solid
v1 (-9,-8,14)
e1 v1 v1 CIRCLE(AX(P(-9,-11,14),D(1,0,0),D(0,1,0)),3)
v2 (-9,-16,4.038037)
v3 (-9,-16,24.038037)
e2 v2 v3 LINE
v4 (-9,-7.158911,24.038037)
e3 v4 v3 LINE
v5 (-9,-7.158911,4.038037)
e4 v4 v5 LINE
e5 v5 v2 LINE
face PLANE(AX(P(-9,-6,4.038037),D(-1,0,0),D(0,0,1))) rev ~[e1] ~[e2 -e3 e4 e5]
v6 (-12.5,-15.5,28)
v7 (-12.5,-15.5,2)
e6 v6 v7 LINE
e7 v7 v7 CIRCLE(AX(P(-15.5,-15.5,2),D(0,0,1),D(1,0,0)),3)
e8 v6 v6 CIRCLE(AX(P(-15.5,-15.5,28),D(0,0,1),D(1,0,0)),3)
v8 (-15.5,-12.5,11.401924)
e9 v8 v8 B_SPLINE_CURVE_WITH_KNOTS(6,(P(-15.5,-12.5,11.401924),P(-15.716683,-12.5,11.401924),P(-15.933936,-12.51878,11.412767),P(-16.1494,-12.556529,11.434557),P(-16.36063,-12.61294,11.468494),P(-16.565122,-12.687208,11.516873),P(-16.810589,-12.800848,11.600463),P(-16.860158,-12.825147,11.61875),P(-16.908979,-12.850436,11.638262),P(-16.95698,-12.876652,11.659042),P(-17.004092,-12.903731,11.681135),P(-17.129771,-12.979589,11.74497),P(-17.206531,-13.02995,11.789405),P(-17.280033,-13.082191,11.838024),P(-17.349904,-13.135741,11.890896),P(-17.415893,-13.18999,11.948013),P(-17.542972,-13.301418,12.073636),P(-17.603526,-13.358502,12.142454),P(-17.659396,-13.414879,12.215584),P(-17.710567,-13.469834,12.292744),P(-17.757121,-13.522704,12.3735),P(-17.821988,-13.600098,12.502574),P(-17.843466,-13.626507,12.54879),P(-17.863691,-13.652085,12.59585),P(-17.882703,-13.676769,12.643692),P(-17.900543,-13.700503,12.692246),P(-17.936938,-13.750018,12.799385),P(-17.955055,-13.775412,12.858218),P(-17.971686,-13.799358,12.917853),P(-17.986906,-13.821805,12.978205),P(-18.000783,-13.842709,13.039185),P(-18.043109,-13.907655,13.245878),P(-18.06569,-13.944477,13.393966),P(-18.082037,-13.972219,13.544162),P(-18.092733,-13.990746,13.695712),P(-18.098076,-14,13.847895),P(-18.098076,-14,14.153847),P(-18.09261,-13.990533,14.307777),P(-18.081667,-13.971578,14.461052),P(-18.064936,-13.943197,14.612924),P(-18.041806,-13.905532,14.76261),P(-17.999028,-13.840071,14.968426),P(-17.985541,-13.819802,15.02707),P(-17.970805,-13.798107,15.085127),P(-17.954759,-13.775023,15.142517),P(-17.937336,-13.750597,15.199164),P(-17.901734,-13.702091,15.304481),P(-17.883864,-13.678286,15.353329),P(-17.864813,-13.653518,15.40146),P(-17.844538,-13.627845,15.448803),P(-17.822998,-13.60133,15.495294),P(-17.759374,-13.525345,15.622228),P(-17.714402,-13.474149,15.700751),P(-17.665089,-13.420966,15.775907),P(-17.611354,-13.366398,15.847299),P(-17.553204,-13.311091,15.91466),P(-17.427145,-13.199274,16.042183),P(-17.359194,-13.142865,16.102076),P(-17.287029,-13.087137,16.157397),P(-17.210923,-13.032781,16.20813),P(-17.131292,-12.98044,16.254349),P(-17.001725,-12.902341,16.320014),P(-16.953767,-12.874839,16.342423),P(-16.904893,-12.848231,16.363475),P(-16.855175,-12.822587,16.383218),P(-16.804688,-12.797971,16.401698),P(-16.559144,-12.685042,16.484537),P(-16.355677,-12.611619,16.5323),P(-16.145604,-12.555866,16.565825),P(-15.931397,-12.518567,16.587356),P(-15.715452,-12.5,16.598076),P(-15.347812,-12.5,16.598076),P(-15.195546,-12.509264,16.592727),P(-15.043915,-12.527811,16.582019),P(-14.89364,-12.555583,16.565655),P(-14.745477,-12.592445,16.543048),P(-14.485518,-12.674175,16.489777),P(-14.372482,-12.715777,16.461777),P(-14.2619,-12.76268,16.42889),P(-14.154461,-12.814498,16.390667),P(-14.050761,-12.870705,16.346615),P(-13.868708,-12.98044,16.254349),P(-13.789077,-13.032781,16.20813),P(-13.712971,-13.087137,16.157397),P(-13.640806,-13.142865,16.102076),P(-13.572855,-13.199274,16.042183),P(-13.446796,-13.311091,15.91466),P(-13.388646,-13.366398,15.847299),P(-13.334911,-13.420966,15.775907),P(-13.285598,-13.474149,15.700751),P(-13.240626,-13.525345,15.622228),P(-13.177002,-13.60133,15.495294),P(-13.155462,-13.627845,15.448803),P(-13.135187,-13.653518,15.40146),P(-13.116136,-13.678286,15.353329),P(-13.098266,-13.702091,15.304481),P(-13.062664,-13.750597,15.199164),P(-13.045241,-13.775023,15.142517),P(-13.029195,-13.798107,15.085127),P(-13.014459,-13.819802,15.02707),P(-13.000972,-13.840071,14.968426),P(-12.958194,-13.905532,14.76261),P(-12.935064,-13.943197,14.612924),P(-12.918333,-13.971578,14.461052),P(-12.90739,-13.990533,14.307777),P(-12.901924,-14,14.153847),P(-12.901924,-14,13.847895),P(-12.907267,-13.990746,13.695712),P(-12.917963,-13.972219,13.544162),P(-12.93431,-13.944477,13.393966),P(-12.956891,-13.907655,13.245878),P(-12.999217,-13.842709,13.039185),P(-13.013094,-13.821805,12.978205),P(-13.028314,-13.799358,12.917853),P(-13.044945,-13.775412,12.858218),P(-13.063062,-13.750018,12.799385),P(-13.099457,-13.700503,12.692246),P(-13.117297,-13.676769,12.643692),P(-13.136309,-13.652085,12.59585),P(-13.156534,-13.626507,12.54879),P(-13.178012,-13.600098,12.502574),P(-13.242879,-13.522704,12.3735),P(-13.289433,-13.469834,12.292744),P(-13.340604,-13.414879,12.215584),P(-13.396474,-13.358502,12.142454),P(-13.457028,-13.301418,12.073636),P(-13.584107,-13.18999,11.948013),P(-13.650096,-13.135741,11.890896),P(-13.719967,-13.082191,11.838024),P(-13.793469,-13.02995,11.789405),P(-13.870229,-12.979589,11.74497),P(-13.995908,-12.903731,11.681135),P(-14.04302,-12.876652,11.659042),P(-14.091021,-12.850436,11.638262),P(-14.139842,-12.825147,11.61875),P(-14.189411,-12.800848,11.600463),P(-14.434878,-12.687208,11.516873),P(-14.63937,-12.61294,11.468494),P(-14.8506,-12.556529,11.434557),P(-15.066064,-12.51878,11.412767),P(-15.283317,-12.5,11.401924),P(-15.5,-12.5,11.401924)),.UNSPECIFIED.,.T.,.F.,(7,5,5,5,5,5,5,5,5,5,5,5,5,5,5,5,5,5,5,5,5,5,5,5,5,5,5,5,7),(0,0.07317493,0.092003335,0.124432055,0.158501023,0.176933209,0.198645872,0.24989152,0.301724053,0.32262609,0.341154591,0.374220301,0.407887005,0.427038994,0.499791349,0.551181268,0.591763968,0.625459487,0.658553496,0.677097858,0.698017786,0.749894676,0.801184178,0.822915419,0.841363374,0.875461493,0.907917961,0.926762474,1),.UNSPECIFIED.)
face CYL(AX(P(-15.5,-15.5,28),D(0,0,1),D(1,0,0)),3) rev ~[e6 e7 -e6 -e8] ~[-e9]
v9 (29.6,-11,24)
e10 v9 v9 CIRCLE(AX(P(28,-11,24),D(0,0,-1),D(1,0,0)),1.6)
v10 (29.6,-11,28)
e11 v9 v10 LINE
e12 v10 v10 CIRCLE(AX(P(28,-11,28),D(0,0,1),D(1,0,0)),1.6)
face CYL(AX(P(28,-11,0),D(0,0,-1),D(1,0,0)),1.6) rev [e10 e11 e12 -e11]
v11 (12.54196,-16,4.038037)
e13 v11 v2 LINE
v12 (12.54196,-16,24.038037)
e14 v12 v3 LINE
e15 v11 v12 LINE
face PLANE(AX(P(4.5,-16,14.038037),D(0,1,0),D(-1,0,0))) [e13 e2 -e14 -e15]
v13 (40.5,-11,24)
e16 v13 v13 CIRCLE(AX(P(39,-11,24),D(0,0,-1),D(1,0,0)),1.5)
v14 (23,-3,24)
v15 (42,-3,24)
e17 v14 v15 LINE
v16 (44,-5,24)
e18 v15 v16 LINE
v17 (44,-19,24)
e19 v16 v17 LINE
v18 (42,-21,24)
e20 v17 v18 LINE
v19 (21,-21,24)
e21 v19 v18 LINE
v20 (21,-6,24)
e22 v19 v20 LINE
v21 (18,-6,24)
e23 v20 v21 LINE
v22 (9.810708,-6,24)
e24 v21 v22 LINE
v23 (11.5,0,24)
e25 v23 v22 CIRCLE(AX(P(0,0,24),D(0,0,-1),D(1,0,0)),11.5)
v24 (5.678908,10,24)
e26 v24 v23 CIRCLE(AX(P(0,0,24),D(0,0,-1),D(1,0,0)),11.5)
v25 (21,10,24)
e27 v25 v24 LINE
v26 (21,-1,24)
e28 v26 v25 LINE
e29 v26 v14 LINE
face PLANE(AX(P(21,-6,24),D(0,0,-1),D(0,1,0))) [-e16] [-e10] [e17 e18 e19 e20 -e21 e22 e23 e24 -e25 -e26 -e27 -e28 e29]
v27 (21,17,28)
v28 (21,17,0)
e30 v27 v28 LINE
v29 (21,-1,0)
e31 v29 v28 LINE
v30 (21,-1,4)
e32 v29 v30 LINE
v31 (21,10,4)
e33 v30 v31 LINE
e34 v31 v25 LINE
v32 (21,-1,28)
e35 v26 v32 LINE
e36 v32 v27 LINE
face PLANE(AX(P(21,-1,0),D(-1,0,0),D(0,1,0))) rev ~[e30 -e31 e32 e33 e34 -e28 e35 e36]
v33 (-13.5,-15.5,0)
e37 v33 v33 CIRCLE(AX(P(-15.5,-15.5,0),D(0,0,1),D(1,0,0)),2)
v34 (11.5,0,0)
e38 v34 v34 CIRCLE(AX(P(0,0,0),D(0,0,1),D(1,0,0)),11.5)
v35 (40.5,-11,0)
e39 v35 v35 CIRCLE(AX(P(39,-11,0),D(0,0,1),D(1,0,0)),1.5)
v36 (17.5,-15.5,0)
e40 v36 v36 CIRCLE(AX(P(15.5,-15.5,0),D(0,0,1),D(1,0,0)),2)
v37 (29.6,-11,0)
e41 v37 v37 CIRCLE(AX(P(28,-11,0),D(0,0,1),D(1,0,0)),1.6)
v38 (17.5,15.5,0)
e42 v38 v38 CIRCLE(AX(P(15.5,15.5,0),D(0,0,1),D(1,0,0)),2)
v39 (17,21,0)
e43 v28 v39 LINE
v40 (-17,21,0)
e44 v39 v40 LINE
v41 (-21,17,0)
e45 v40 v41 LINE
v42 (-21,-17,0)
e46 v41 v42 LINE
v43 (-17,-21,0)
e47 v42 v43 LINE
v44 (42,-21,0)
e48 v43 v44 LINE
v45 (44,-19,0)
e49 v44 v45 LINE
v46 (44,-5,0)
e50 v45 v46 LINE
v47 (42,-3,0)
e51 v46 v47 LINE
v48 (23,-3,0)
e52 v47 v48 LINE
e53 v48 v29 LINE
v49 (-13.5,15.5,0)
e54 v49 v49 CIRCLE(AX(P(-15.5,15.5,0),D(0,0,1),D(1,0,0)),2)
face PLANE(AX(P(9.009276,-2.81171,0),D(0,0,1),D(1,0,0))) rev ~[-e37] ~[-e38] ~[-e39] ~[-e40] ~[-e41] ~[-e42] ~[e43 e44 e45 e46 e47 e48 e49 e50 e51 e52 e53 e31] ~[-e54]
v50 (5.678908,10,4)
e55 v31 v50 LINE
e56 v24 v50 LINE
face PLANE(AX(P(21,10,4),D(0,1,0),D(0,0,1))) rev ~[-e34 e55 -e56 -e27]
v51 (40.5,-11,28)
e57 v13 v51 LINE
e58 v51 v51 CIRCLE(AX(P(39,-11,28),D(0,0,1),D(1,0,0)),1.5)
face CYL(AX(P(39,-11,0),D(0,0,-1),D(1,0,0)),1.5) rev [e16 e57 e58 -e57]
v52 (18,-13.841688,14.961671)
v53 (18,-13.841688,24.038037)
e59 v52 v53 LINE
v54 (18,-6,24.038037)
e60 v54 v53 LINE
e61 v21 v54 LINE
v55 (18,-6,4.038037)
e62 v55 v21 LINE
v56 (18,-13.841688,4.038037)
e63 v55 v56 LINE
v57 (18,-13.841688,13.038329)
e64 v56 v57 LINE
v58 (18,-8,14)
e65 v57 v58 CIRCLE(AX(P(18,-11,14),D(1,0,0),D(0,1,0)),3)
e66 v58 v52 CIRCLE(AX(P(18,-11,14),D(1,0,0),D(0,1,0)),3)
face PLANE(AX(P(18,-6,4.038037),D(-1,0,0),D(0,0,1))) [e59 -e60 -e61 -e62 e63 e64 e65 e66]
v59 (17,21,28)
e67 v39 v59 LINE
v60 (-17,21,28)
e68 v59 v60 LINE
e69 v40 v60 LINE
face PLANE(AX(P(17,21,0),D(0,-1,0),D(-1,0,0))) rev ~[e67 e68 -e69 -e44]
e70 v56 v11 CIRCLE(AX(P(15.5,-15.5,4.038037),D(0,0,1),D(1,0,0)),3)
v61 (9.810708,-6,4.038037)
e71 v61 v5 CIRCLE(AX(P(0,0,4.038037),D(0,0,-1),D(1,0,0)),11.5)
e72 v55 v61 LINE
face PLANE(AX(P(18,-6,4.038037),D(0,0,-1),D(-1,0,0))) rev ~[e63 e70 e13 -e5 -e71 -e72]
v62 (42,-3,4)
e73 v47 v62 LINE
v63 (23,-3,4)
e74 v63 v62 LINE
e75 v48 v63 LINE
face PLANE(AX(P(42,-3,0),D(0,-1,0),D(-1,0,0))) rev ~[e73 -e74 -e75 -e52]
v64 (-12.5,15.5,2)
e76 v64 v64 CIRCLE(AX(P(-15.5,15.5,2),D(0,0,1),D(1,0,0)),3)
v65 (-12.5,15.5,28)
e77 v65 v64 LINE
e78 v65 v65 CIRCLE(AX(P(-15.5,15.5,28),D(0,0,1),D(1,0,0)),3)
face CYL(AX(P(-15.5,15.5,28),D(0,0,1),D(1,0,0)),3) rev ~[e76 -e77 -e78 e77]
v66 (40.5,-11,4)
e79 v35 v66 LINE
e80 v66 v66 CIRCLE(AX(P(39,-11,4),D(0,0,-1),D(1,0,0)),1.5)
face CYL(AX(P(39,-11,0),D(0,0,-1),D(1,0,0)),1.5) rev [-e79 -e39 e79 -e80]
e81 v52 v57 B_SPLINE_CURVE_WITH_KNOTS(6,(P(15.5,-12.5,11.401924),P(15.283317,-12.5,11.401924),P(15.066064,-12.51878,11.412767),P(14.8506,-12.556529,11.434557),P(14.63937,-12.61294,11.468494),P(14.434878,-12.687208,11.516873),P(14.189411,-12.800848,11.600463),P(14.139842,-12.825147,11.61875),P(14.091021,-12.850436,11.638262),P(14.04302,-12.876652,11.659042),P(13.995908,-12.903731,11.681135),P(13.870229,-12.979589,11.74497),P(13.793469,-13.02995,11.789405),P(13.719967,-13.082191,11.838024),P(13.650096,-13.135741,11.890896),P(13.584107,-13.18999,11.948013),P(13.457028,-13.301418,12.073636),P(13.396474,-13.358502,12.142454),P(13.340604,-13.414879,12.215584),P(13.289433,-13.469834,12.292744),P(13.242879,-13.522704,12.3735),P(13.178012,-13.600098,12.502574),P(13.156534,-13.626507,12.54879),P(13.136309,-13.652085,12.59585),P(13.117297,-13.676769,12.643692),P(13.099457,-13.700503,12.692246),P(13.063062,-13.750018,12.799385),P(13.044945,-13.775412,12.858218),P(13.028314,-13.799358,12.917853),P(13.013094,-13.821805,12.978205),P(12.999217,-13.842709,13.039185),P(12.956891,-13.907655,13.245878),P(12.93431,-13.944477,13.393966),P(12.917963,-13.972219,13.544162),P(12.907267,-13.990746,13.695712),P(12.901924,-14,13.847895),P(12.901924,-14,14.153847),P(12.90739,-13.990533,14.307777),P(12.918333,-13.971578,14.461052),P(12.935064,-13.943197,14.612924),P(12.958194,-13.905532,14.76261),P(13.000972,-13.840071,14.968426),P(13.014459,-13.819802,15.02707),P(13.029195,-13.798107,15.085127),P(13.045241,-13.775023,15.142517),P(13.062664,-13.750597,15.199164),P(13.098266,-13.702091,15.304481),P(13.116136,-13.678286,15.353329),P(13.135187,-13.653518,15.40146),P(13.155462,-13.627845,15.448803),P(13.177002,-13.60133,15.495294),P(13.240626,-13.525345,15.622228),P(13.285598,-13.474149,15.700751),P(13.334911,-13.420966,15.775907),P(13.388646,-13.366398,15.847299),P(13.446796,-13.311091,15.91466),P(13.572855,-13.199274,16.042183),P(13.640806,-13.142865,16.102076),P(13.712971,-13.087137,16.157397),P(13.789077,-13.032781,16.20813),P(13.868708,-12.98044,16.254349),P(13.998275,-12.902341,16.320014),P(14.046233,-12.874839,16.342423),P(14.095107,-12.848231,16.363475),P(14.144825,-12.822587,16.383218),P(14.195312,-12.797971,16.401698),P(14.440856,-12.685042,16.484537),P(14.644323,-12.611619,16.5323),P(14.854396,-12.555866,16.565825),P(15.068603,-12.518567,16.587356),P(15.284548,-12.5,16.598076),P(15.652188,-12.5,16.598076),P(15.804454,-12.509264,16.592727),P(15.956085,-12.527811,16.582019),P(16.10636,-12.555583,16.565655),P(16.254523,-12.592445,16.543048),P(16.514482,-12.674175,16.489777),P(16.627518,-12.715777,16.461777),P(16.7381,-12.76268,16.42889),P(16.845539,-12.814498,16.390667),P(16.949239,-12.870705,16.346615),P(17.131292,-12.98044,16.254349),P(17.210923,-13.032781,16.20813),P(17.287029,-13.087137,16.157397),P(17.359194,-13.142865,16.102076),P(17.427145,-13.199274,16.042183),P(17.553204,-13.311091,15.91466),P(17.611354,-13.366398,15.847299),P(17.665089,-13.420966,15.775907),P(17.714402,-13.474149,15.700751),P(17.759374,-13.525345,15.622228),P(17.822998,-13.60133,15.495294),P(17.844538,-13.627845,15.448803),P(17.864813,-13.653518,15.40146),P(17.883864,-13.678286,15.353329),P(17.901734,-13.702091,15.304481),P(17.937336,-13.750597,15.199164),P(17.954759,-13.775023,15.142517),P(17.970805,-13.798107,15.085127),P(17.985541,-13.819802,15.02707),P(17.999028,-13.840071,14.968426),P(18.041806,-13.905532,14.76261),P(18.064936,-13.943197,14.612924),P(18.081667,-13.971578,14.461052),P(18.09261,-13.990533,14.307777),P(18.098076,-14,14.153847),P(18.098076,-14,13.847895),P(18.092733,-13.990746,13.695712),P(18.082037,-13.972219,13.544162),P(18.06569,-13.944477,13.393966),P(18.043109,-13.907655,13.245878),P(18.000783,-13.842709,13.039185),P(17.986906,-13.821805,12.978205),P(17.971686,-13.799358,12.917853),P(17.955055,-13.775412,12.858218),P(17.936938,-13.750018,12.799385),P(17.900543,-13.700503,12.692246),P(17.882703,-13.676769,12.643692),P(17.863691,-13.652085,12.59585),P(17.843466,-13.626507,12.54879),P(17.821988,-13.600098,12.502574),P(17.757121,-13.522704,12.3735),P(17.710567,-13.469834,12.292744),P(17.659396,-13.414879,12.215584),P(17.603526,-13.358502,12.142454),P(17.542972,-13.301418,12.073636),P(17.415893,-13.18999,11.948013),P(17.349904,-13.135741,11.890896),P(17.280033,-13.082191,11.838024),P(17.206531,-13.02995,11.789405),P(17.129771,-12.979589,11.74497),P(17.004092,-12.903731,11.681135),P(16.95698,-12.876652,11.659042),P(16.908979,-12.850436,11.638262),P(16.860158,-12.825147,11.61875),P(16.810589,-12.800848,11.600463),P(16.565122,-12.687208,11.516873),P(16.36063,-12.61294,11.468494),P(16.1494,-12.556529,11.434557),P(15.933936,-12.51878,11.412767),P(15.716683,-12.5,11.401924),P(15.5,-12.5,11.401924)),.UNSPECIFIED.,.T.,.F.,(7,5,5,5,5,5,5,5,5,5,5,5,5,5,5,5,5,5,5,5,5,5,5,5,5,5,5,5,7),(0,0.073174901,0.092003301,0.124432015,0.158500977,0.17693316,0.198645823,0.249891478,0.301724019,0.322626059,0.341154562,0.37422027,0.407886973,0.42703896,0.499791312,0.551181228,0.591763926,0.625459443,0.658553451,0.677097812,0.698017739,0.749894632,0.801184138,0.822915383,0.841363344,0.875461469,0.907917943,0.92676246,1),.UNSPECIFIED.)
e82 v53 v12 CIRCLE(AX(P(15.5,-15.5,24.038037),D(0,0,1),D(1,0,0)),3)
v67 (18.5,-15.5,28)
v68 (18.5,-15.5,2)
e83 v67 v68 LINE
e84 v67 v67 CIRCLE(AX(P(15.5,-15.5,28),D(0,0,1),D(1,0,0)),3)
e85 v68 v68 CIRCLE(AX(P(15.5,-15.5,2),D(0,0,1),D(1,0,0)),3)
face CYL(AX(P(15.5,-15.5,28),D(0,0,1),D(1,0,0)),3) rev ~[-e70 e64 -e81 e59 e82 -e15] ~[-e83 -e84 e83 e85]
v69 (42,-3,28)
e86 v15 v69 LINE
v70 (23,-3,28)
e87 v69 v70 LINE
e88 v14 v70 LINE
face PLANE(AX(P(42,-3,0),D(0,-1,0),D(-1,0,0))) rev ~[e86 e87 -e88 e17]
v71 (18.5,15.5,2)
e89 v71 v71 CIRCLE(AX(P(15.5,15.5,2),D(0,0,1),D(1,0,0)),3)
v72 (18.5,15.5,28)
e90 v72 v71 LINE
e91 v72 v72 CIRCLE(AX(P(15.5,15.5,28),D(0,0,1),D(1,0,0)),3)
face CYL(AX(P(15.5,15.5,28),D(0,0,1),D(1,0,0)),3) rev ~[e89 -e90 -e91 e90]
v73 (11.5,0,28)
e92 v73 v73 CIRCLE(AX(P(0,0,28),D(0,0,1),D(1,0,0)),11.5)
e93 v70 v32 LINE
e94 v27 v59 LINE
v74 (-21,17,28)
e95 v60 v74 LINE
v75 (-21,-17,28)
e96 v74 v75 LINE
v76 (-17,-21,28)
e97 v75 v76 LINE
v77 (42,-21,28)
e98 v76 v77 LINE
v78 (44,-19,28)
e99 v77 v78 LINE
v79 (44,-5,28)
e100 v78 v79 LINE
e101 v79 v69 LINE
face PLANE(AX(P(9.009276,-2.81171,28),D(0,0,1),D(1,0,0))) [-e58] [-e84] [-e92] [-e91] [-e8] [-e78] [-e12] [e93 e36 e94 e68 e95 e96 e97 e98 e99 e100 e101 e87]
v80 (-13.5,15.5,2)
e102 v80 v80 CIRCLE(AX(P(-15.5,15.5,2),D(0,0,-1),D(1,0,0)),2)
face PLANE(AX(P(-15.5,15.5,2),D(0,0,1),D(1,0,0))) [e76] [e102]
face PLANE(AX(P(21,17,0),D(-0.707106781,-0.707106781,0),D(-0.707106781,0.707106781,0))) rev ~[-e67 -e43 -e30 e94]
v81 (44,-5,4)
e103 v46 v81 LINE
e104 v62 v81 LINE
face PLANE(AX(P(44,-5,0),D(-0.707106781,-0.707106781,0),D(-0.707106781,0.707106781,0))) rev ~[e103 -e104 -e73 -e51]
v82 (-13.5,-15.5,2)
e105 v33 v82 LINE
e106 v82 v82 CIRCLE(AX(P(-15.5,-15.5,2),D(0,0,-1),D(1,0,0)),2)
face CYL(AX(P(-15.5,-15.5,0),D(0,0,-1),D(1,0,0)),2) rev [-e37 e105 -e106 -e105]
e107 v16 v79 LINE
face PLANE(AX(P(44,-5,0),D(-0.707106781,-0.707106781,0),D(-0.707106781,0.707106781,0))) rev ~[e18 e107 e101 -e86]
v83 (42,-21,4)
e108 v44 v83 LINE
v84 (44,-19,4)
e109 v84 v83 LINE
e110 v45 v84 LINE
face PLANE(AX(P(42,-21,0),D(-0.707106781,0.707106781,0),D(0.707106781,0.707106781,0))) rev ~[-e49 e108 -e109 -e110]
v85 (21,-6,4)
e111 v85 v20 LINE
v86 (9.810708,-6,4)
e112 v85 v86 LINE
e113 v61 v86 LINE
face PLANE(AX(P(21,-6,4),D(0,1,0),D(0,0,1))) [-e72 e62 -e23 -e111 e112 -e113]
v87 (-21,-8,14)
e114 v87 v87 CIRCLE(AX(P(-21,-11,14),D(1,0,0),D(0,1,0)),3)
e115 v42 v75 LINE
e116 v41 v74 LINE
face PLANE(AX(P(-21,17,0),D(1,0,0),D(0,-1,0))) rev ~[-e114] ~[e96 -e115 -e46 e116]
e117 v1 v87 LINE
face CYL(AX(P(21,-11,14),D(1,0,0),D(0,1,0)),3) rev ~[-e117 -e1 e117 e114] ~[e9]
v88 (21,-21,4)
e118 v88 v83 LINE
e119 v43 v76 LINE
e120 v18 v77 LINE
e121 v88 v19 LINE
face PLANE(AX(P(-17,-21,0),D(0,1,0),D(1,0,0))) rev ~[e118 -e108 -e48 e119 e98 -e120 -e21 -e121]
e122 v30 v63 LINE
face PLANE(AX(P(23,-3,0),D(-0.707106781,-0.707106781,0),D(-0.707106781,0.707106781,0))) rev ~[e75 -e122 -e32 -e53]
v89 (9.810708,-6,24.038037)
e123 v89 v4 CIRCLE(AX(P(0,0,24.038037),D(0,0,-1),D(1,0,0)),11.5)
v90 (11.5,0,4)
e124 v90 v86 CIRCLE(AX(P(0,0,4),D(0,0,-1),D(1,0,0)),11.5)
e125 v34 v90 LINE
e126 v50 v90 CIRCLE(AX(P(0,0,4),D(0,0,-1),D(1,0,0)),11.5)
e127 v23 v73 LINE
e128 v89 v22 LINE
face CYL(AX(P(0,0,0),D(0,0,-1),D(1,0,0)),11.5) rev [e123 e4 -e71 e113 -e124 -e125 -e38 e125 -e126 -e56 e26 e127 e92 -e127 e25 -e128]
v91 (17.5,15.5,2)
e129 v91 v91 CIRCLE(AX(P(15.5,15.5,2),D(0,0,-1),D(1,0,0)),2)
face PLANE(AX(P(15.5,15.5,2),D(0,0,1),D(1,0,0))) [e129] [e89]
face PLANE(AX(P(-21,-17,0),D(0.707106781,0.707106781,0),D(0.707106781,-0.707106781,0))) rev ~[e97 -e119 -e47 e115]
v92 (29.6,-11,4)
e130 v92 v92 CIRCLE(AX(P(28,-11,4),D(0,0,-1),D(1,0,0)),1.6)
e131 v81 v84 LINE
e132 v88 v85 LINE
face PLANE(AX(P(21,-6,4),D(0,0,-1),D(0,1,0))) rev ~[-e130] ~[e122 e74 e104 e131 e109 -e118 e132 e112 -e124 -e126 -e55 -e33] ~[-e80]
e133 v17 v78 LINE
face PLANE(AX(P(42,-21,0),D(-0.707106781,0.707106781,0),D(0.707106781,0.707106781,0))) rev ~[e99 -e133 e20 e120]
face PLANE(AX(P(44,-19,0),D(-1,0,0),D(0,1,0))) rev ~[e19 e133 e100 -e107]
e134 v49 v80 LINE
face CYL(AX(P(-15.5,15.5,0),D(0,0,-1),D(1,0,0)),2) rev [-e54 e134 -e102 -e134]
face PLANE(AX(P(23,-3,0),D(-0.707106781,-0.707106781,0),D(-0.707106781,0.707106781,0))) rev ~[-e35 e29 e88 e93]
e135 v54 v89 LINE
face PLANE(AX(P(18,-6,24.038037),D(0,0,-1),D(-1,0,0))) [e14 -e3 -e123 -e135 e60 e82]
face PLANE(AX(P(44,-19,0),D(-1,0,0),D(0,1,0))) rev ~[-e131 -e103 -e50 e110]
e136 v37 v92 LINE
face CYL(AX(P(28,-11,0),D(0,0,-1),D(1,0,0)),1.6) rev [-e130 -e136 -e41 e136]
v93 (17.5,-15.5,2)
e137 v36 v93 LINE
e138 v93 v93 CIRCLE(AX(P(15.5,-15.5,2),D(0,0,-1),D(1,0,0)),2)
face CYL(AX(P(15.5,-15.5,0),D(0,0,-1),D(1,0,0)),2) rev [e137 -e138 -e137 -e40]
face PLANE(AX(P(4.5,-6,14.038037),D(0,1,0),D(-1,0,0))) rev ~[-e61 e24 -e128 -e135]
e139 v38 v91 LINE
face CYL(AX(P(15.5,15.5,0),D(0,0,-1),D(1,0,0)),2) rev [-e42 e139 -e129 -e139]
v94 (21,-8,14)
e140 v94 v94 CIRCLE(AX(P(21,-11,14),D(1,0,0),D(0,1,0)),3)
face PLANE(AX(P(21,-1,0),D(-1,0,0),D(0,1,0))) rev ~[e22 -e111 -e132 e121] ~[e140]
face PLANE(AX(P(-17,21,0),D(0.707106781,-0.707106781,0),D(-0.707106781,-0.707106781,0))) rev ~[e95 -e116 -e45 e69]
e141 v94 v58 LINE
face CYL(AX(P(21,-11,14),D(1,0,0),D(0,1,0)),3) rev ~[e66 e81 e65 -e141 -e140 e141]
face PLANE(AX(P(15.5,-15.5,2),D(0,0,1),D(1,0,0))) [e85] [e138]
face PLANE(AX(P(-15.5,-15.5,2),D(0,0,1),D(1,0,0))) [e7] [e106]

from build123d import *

# Parameters (mm, degrees)
SKETCH_R        = 2
SKETCH_R_2      = 11.5
SKETCH_R_3      = 1.6
SKETCH_R_4      = 1.5
PAD_DEPTH       = 28
SKETCH003_W     = 29
SKETCH003_H     = 20
POCKET_DEPTH    = 42
SKETCH004_R     = 3
POCKET001_DEPTH = 26
SKETCH005_R     = 3
POCKET002_DEPTH = 42
SKETCH006_W     = 16
SKETCH006_H     = 20
POCKET003_DEPTH = 16
SKETCH007_W     = 27
SKETCH007_H     = 20
POCKET004_DEPTH = 10


with BuildPart() as part:
    # Sketch → Pad (new body)
    with BuildSketch(Plane.XY):
        Polygon((-17, 21), (-21, 17), (-21, -17), (-17, -21), (42, -21), (44, -19), (44, -5), (42, -3), (23, -3), (21, -1), (21, 17), (17, 21), align=None)
        with Locations((-15.5, -15.5)):
            Circle(SKETCH_R, mode=Mode.SUBTRACT)
        with Locations((15.5, -15.5)):
            Circle(SKETCH_R, mode=Mode.SUBTRACT)
        with Locations((15.5, 15.5)):
            Circle(SKETCH_R, mode=Mode.SUBTRACT)
        with Locations((-15.5, 15.5)):
            Circle(SKETCH_R, mode=Mode.SUBTRACT)
        Circle(SKETCH_R_2, mode=Mode.SUBTRACT)
        with Locations((28, -11)):
            Circle(SKETCH_R_3, mode=Mode.SUBTRACT)
        with Locations((39, -11)):
            Circle(SKETCH_R_4, mode=Mode.SUBTRACT)
    extrude(amount=PAD_DEPTH)

    # Sketch003 (on Face4 of Pad) → Pocket (cut)
    with BuildSketch(Plane.XZ.offset(21)):
        with Locations((35.5, 14)):
            Rectangle(SKETCH003_W, SKETCH003_H)
    extrude(amount=-POCKET_DEPTH, mode=Mode.SUBTRACT)

    # Sketch004 (on Face5 of Pocket) → Pocket001 (cut)
    with BuildSketch(Plane.XY.offset(28)):
        with Locations((-15.5, -15.5)):
            Circle(SKETCH004_R)
        with Locations((-15.5, 15.5)):
            Circle(SKETCH004_R)
        with Locations((15.5, 15.5)):
            Circle(SKETCH004_R)
        with Locations((15.5, -15.5)):
            Circle(SKETCH004_R)
    extrude(amount=-POCKET001_DEPTH, mode=Mode.SUBTRACT)

    # Sketch005 (on Face14 of Pocket001) → Pocket002 (cut)
    with BuildSketch(Plane.YZ.offset(21)):
        with Locations((-11, 14)):
            Circle(SKETCH005_R)
    extrude(amount=-POCKET002_DEPTH, mode=Mode.SUBTRACT)

    # Sketch006 (on Face15 of Pocket002) → Pocket003 (cut)
    with BuildSketch(Plane.YZ.offset(21)):
        with Locations((2, 14)):
            Rectangle(SKETCH006_W, SKETCH006_H)
    extrude(amount=-POCKET003_DEPTH, mode=Mode.SUBTRACT)

    # Sketch007 (on Face36 of Pocket003) → Pocket004 (cut)
    with BuildSketch(Plane(origin=(0, -6, 0), x_dir=(-1, 0, 0), z_dir=(0, 1, 0))):
        with Locations((-4.5, 14.038037)):
            Rectangle(SKETCH007_W, SKETCH007_H)
    extrude(amount=-POCKET004_DEPTH, mode=Mode.SUBTRACT)


solid = part.part
